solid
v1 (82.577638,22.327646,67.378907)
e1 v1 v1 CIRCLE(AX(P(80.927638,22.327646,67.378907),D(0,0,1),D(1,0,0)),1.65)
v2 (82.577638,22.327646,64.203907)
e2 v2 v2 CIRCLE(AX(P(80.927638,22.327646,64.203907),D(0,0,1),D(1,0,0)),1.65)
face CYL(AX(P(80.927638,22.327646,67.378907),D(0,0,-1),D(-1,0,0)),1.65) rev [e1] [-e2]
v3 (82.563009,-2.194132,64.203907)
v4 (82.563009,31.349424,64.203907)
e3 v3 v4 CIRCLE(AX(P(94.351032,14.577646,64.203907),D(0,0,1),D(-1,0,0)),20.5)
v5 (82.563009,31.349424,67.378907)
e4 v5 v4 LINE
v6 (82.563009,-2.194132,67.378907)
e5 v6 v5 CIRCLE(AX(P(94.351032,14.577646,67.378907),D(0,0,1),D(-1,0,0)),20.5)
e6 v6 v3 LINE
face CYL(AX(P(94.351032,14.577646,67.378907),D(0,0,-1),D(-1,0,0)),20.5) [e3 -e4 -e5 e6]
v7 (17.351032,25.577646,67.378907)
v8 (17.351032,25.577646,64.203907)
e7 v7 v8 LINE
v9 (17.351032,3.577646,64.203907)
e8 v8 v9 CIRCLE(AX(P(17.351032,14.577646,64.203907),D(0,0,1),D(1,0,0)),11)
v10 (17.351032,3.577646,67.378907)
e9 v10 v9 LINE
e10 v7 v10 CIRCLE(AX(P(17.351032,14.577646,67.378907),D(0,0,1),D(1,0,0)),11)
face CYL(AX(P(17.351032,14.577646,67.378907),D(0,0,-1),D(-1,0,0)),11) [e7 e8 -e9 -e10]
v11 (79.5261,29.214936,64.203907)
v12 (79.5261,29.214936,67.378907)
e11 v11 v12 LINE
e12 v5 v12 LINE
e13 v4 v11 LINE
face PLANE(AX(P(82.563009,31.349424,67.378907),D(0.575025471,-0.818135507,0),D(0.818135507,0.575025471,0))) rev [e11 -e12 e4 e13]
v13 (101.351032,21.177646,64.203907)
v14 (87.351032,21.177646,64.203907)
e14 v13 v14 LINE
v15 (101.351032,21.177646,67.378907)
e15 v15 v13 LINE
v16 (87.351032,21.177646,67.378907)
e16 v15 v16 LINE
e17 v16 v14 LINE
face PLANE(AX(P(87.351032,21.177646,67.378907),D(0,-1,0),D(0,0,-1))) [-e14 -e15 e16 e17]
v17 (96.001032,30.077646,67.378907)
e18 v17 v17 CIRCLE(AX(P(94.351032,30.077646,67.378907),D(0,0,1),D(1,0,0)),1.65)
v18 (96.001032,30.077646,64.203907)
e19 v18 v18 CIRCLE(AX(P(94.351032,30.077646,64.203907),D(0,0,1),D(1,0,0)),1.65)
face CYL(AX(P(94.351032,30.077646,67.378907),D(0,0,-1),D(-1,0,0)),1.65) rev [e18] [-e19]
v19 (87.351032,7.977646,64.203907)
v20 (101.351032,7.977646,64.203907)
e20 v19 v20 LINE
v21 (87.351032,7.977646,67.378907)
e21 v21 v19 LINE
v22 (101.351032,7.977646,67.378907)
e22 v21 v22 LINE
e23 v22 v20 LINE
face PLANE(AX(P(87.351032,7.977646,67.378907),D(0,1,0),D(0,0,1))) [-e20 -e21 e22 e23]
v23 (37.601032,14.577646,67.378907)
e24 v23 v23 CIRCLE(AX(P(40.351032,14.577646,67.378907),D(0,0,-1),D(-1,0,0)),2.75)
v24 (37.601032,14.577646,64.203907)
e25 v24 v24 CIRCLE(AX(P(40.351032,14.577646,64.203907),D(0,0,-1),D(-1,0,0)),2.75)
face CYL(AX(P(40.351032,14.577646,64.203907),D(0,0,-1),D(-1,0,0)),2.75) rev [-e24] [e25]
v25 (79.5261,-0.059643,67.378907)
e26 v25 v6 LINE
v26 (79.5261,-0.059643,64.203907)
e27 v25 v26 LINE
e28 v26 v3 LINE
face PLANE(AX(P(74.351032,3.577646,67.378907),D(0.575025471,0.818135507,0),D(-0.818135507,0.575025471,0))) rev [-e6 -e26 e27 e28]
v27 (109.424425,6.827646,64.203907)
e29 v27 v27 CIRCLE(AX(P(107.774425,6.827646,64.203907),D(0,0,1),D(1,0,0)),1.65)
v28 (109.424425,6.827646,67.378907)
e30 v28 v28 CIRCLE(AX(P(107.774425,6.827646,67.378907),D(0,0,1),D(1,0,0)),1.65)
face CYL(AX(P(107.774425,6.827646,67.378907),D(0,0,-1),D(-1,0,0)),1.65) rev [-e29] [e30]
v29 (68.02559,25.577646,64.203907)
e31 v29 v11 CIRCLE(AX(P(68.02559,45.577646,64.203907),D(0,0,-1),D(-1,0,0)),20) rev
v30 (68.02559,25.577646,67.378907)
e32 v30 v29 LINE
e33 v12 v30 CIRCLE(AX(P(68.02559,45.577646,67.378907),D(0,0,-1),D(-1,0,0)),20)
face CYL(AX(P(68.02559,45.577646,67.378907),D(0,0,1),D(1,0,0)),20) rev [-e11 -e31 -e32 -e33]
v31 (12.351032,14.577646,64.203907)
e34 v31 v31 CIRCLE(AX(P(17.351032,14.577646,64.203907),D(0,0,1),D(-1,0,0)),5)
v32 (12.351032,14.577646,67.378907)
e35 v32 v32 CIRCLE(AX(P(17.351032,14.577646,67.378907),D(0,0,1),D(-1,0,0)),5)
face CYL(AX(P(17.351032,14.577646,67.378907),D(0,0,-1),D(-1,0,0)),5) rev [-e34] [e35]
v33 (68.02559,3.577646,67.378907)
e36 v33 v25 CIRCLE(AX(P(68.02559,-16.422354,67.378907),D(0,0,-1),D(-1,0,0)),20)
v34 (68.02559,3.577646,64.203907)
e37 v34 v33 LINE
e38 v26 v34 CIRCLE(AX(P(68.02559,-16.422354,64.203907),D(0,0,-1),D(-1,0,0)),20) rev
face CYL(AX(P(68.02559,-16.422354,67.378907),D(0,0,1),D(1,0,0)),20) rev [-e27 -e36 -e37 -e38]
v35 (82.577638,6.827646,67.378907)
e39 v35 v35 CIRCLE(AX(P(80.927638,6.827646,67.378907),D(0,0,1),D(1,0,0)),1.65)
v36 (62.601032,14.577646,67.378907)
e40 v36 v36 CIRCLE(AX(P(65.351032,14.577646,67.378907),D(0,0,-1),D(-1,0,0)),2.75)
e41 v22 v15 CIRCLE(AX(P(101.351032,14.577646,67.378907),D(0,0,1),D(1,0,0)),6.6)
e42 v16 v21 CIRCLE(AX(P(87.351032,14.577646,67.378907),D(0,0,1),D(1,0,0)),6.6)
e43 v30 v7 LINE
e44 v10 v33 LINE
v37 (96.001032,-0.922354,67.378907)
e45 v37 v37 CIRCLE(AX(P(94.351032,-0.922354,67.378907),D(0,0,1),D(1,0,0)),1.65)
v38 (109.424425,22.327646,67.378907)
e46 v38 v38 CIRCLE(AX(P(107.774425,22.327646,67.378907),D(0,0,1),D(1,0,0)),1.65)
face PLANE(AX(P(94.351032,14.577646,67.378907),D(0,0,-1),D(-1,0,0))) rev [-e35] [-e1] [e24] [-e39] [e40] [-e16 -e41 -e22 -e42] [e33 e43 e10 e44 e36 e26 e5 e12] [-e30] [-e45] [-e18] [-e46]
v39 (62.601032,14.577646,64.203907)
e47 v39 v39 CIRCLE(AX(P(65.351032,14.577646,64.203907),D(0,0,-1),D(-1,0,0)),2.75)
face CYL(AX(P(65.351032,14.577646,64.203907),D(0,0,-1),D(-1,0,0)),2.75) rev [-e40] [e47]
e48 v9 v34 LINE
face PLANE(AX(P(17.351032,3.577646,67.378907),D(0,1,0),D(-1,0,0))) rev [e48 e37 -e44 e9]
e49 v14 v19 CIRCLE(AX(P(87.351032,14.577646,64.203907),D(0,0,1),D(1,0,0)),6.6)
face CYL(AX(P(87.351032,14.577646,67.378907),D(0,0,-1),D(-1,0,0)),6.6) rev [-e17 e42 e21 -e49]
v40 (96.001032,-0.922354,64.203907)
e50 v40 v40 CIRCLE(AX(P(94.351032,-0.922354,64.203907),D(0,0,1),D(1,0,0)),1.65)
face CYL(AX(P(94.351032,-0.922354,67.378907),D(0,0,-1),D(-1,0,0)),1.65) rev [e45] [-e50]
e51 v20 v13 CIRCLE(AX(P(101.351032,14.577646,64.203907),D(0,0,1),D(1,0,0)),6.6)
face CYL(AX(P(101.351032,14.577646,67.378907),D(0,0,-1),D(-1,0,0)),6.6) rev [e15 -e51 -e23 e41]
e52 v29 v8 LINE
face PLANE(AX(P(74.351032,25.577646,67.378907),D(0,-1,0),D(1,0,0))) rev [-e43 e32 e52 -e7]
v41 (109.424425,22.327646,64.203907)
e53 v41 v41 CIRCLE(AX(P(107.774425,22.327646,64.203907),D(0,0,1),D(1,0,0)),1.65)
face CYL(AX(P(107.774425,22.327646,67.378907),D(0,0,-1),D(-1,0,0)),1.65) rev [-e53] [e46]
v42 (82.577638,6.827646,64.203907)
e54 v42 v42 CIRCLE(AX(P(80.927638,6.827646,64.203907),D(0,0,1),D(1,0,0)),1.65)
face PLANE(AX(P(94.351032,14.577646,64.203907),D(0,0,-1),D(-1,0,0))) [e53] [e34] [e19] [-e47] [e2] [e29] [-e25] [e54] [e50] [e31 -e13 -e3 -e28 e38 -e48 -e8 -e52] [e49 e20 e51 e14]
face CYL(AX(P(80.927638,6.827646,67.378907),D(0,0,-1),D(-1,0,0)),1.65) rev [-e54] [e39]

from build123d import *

# Parameters (mm, degrees)
CROQUIS2_R                       = 1.65
CROQUIS2_R_2                     = 5
SALIENTE_EXTRUIR1_DEPTH          = 3.175
TALADRO_DE_MARGEN_PARA_M51_D     = 5.5
TALADRO_DE_MARGEN_PARA_M51_DEPTH = 6
TALADRO_DE_MARGEN_PARA_M51_TIP   = 1.652366702
REDONDEO1_R                      = 20


with BuildPart() as part:
    # Croquis2 → Saliente-Extruir1 (new body)
    with BuildSketch(Plane.XY.offset(64.203907482)):
        with BuildLine():
            Line((82.563009481, 31.349424269), (74.351031643, 25.577646382))
            Line((74.351031643, 25.577646382), (17.351031643, 25.577646382))
            ThreePointArc((17.351031643, 25.577646382), (6.351031643, 14.577646382), (17.351031643, 3.577646382))
            Line((17.351031643, 3.577646382), (74.351031643, 3.577646382))
            Line((74.351031643, 3.577646382), (82.563009481, -2.194131506))
            ThreePointArc((82.563009481, -2.194131506), (114.851031643, 14.577646382), (82.563009481, 31.349424269))
        make_face()
        with Locations((94.351031643, -0.922353618)):
            Circle(CROQUIS2_R, mode=Mode.SUBTRACT)
        with Locations((80.927637885, 6.827646382)):
            Circle(CROQUIS2_R, mode=Mode.SUBTRACT)
        with Locations((80.927637885, 22.327646382)):
            Circle(CROQUIS2_R, mode=Mode.SUBTRACT)
        with Locations((94.351031643, 30.077646382)):
            Circle(CROQUIS2_R, mode=Mode.SUBTRACT)
        with Locations((107.774425402, 22.327646382)):
            Circle(CROQUIS2_R, mode=Mode.SUBTRACT)
        with Locations((107.774425402, 6.827646382)):
            Circle(CROQUIS2_R, mode=Mode.SUBTRACT)
        with Locations(Location((17.351031643, 14.577646382, 0), (0, 0, 180))):
            Circle(CROQUIS2_R_2, mode=Mode.SUBTRACT)
        with BuildLine():
            Line((87.351031643, 21.177646382), (101.351031643, 21.177646382))
            ThreePointArc((101.351031643, 21.177646382), (107.951031643, 14.577646382), (101.351031643, 7.977646382))
            Line((101.351031643, 7.977646382), (87.351031643, 7.977646382))
            ThreePointArc((87.351031643, 7.977646382), (80.751031643, 14.577646382), (87.351031643, 21.177646382))
        make_face(mode=Mode.SUBTRACT)
    extrude(amount=SALIENTE_EXTRUIR1_DEPTH)

    # Taladro de margen para M51
    with Locations(Plane(origin=(0, 0, 64.203907482), x_dir=(-1, 0, 0), z_dir=(0, 0, -1))):
        with Locations((-65.351031643, 14.577646382), (-40.351031643, 14.577646382)):
            Hole(TALADRO_DE_MARGEN_PARA_M51_D / 2, depth=TALADRO_DE_MARGEN_PARA_M51_DEPTH)
            with Locations((0, 0, -(TALADRO_DE_MARGEN_PARA_M51_DEPTH + TALADRO_DE_MARGEN_PARA_M51_TIP / 2))):  # 118° drill point
                Cone(0, TALADRO_DE_MARGEN_PARA_M51_D / 2, TALADRO_DE_MARGEN_PARA_M51_TIP, mode=Mode.SUBTRACT)

    # Redondeo1
    redondeo1_edges = [part.edges().sort_by_distance(p)[0] for p in [
        (74.351031643, 3.577646382, 65.791407482),
        (74.351031643, 25.577646382, 65.791407482),
    ]]
    fillet(redondeo1_edges, radius=REDONDEO1_R)


solid = part.part
